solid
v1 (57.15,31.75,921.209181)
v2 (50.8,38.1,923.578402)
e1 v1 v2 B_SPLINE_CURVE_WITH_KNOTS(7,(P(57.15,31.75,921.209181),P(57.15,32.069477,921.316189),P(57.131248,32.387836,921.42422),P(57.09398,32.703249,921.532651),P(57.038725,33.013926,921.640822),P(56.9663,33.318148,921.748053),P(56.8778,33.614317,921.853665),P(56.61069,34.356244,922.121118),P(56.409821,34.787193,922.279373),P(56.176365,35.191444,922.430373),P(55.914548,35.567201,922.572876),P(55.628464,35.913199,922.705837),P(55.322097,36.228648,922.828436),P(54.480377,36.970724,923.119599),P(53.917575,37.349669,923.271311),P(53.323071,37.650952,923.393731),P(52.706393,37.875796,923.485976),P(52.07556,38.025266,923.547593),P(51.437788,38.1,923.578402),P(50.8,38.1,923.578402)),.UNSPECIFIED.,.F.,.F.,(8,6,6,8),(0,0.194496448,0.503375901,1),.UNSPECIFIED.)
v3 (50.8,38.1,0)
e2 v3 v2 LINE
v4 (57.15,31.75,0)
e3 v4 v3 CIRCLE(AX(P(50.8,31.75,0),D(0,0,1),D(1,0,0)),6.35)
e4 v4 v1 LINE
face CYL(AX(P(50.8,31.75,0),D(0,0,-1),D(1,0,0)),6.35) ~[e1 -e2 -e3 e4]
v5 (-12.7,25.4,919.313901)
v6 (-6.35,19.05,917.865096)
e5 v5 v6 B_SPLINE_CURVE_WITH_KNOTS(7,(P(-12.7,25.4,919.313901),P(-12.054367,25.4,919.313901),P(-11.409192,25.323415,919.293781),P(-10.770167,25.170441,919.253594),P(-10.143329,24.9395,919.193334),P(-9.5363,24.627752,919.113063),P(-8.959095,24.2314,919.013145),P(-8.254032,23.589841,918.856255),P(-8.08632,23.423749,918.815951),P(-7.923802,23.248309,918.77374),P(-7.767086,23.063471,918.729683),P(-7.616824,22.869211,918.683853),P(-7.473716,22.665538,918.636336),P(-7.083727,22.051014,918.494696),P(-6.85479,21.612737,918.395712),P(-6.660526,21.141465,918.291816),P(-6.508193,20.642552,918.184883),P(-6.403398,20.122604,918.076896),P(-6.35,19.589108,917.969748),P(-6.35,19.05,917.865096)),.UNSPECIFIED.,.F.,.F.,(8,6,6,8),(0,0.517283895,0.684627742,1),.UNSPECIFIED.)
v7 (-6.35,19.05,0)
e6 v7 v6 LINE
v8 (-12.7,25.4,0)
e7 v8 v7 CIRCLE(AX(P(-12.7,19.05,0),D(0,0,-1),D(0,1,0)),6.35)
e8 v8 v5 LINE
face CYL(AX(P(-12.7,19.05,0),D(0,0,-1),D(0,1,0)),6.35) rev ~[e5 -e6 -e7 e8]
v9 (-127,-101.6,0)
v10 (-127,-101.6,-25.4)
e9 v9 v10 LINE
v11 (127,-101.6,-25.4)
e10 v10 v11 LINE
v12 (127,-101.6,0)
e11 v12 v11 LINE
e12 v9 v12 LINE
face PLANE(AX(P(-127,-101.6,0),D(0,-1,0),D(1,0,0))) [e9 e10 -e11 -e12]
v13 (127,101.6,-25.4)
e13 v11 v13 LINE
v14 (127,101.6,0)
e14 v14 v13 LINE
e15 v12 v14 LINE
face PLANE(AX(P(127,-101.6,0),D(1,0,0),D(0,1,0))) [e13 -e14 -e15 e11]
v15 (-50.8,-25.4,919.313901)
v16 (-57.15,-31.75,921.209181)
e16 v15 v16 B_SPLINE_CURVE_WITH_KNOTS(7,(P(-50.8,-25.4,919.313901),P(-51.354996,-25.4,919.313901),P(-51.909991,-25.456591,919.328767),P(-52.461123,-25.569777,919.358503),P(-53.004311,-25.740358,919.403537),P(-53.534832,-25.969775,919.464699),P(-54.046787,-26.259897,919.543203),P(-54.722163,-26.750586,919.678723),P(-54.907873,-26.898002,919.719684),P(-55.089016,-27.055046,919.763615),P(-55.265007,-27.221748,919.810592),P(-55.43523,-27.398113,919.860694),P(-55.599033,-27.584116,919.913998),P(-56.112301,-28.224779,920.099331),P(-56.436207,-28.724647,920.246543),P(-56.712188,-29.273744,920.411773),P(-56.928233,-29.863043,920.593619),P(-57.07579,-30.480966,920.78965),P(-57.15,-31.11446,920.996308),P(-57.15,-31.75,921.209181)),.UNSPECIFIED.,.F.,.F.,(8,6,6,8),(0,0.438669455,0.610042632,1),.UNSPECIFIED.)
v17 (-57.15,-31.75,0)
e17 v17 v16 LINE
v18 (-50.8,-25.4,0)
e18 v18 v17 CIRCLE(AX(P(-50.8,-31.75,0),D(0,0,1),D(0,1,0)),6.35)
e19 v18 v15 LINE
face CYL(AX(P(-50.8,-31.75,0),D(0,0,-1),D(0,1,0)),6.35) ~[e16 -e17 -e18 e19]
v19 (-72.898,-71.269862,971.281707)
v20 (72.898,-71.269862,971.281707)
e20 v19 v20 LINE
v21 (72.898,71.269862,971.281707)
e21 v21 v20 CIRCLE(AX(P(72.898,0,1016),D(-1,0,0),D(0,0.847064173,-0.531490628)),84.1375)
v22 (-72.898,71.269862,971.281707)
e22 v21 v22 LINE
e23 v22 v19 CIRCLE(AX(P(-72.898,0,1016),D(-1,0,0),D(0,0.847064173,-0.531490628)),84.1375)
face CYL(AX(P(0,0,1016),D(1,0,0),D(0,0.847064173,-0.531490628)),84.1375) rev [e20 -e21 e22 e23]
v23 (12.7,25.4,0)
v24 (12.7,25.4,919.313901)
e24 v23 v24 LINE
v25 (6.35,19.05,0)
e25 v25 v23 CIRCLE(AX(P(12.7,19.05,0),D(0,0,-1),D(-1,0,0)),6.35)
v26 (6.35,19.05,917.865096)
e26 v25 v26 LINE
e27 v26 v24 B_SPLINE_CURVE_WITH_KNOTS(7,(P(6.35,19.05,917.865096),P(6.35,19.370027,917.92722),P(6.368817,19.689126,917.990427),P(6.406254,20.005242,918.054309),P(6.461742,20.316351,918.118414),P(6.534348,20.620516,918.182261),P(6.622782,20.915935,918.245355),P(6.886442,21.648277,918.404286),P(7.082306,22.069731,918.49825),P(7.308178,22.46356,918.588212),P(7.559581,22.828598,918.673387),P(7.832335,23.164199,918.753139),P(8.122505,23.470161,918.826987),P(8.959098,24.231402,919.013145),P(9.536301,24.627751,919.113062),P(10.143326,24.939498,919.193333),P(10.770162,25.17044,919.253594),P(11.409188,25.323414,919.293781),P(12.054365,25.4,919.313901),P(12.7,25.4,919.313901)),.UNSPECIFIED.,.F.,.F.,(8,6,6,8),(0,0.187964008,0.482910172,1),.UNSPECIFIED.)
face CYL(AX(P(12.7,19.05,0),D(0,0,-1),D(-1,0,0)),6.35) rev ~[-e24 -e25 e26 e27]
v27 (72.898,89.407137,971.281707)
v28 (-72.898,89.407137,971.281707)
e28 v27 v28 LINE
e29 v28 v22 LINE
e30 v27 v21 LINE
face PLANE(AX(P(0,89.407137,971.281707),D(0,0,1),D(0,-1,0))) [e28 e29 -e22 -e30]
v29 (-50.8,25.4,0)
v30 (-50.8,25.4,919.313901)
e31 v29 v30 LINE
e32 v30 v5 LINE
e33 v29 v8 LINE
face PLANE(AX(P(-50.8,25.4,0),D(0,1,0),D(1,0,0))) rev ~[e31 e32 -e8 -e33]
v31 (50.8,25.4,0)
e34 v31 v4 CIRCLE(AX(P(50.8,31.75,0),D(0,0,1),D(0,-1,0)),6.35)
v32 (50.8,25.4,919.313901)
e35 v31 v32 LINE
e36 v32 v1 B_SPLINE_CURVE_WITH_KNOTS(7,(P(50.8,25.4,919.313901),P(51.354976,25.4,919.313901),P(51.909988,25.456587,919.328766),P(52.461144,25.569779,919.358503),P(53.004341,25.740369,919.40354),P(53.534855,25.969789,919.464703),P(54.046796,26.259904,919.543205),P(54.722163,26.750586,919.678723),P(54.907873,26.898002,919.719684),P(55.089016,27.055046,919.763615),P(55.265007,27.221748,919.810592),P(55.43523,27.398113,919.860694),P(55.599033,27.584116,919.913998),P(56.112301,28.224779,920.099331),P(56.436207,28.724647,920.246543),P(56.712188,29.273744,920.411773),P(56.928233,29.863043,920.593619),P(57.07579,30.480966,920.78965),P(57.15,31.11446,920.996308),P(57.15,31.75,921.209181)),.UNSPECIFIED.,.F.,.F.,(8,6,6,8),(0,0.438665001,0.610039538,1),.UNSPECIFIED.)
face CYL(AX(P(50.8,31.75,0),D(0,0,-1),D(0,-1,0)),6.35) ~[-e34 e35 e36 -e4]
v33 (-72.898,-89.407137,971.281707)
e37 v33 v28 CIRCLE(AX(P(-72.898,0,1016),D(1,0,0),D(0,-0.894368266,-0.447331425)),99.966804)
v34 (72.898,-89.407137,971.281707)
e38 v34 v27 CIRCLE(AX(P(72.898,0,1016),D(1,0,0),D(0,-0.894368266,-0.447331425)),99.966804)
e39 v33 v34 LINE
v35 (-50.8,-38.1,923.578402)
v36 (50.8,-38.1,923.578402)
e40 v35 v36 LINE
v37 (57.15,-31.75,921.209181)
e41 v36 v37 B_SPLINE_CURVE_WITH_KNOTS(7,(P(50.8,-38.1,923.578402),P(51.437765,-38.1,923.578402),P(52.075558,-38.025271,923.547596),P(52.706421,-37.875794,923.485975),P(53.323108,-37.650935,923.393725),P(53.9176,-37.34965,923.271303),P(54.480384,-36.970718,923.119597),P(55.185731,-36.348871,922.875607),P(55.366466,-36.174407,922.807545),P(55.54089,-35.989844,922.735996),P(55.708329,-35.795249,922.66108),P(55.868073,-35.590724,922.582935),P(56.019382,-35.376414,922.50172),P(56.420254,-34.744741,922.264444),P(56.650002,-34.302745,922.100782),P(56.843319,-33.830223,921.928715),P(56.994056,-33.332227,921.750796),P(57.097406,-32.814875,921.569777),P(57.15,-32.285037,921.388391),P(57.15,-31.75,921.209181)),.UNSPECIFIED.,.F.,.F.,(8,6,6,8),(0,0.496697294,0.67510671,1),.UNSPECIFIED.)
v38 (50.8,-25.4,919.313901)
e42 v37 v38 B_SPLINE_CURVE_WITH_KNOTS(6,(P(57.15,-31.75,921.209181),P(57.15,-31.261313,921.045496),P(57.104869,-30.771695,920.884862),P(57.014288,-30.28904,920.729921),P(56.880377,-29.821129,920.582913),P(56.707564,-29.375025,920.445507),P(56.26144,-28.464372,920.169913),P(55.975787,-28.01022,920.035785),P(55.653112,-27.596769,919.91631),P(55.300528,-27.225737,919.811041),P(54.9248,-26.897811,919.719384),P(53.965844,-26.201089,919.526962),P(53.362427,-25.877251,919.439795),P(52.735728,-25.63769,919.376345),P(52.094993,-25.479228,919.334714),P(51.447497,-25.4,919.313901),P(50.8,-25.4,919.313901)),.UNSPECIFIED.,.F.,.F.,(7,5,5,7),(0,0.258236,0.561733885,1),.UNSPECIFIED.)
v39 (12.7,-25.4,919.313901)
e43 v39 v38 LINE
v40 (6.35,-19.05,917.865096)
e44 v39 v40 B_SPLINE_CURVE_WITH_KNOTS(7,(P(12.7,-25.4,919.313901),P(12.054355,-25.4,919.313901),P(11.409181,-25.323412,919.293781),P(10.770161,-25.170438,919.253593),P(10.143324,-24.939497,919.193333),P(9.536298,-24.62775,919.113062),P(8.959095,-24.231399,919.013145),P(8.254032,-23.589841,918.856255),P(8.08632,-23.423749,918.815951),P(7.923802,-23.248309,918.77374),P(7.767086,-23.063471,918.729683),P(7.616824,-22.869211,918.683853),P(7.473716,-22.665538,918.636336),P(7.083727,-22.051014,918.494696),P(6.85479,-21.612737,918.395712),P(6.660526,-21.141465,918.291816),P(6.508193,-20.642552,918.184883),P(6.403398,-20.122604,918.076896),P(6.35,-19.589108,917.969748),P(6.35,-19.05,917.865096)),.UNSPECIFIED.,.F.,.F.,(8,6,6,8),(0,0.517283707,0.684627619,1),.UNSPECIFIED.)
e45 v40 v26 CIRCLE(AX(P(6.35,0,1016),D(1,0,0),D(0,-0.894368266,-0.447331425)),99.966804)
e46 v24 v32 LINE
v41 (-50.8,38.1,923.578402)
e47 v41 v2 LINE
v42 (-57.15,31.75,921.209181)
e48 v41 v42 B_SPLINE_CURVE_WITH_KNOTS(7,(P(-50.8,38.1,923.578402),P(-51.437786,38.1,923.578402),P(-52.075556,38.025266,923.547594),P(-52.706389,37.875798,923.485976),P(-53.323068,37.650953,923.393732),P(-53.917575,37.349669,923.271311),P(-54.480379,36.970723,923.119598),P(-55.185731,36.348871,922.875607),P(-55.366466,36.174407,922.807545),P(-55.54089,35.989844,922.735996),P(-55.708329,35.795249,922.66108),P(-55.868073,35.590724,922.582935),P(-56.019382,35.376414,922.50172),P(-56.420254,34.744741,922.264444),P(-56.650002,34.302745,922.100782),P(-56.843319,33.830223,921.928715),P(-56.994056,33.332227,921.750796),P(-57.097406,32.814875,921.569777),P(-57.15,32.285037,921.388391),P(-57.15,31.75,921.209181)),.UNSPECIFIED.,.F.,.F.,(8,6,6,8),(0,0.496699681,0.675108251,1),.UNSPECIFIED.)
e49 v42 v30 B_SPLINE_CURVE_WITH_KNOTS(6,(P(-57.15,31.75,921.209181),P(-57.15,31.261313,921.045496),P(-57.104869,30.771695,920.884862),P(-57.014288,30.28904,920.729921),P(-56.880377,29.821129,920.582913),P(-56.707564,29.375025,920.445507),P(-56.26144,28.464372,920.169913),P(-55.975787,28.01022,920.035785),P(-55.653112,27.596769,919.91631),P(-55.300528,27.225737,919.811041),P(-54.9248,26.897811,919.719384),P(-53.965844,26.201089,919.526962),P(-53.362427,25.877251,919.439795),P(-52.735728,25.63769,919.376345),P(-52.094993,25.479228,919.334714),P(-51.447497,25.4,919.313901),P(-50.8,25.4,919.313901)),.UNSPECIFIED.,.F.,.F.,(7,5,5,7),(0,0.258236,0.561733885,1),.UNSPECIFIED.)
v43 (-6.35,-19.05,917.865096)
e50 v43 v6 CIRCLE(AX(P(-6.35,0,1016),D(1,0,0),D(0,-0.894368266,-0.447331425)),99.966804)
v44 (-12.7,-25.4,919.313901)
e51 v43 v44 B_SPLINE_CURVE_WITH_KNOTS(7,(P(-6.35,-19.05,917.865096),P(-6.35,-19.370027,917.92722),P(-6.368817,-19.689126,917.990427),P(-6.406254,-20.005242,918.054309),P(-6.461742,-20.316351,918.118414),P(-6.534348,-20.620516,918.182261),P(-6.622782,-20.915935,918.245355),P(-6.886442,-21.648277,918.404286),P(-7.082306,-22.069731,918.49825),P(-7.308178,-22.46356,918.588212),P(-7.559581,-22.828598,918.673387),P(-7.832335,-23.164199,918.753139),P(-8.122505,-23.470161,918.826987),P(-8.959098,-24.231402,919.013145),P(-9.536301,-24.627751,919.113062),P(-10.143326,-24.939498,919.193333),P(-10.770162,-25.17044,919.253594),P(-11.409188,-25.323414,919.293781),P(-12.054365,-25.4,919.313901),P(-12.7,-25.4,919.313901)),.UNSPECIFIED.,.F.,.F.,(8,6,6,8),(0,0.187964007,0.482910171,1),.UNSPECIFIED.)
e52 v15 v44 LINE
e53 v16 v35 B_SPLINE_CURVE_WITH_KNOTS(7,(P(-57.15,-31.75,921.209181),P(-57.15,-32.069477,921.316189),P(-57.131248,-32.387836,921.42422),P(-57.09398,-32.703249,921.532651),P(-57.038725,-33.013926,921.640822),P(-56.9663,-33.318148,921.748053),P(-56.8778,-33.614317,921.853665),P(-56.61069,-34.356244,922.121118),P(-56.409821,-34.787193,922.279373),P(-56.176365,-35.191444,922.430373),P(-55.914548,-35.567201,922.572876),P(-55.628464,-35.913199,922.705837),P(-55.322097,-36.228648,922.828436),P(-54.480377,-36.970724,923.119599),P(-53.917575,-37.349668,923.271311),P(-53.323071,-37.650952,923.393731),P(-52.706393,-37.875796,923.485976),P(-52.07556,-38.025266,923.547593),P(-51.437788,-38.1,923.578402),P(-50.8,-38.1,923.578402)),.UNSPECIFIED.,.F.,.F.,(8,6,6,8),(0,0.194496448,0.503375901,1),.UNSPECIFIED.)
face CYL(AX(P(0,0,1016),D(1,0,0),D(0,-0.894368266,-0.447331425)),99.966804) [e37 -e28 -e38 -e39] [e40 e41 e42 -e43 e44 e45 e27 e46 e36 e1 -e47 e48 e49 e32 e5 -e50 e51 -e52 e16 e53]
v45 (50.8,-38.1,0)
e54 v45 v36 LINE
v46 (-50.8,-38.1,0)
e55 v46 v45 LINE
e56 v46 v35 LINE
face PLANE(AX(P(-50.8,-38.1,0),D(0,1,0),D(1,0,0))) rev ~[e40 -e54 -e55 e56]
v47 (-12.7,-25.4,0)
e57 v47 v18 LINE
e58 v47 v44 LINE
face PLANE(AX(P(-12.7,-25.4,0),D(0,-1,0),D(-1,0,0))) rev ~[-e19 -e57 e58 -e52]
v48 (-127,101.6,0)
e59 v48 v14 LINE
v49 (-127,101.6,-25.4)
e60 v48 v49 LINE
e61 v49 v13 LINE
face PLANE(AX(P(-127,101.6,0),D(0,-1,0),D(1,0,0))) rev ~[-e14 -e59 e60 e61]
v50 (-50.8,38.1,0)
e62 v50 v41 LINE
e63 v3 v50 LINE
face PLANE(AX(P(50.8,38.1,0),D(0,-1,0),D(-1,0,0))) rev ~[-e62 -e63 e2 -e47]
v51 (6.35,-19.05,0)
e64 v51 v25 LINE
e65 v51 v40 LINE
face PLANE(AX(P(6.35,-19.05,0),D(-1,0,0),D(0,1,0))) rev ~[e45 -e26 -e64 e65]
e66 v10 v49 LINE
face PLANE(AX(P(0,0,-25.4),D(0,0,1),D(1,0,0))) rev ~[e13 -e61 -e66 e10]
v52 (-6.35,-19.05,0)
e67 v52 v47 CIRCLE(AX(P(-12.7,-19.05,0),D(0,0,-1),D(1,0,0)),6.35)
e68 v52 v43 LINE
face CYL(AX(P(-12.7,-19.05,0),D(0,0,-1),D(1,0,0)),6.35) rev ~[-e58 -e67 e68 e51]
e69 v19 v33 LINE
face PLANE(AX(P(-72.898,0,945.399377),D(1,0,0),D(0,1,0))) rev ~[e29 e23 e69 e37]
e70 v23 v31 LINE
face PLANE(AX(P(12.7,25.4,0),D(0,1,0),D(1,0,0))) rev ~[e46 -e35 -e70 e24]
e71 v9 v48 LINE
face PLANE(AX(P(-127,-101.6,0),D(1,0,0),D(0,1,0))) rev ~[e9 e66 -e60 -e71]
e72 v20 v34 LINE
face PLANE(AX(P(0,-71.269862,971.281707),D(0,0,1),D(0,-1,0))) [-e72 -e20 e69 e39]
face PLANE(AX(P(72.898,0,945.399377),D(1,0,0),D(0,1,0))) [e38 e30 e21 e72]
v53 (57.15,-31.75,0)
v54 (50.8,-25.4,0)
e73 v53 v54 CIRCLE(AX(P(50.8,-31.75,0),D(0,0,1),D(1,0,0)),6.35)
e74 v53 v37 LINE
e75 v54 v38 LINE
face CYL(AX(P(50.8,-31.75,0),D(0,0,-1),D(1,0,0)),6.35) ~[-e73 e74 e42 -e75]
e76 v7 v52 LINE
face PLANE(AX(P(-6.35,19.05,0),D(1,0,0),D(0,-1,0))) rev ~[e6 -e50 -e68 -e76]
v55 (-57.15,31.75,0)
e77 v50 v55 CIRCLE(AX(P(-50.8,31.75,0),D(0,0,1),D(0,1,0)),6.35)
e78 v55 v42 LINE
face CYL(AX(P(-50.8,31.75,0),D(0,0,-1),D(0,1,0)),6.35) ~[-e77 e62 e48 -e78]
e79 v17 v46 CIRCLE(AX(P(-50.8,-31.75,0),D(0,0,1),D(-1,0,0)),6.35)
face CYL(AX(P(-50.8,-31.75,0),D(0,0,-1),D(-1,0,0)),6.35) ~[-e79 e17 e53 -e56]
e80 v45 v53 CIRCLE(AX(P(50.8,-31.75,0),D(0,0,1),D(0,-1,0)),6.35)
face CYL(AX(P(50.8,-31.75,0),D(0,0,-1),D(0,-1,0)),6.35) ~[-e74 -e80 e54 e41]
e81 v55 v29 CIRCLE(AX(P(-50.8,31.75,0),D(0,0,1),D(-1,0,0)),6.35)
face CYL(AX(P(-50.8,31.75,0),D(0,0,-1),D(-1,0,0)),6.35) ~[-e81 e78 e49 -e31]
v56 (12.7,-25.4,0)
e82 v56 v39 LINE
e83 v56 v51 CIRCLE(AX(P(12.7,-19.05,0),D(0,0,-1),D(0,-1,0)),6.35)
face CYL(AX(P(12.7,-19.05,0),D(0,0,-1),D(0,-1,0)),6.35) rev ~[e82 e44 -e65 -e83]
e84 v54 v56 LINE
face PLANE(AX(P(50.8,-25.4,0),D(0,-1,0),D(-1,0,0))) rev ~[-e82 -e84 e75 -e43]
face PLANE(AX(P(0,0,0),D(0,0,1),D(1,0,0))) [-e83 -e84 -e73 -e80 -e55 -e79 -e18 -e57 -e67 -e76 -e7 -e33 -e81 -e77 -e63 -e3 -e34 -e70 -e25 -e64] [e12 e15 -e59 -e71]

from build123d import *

# Parameters (mm, degrees)
F1_W     = 254
F1_H     = 203.2
F2_DEPTH = 25.4
F3_DEPTH = 1019.048
F5_DEPTH = 103.124
F6_DEPTH = 72.898


with BuildPart() as f2:
    # F1 (on Top) → F2 (new body)
    with BuildSketch(Plane.XY):
        Rectangle(F1_W, F1_H)
    extrude(amount=-F2_DEPTH)

    # F0 (on Top) → F3 (join)
    with BuildSketch(Plane.XY):
        with BuildLine():
            ThreePointArc((57.15, 31.75), (55.2901280605, 36.2401280605), (50.8, 38.1))
            Line((50.8, 38.1), (-50.8, 38.1))
            ThreePointArc((-50.8, 38.1), (-55.2901280605, 36.2401280605), (-57.15, 31.75))
            ThreePointArc((-57.15, 31.75), (-55.2901280605, 27.2598719395), (-50.8, 25.4))
            Line((-50.8, 25.4), (-12.7, 25.4))
            ThreePointArc((-12.7, 25.4), (-8.2098719395, 23.5401280605), (-6.35, 19.05))
            Line((-6.35, 19.05), (-6.35, -19.05))
            ThreePointArc((-6.35, -19.05), (-8.2098719395, -23.5401280605), (-12.7, -25.4))
            Line((-12.7, -25.4), (-50.8, -25.4))
            ThreePointArc((-50.8, -25.4), (-55.2901280605, -27.2598719395), (-57.15, -31.75))
            ThreePointArc((-57.15, -31.75), (-55.2901280605, -36.2401280605), (-50.8, -38.1))
            Line((-50.8, -38.1), (50.8, -38.1))
            ThreePointArc((50.8, -38.1), (55.2901280605, -36.2401280605), (57.15, -31.75))
            ThreePointArc((57.15, -31.75), (55.2901280605, -27.2598719395), (50.8, -25.4))
            Line((50.8, -25.4), (12.7, -25.4))
            ThreePointArc((12.7, -25.4), (8.2098719395, -23.5401280605), (6.35, -19.05))
            Line((6.35, -19.05), (6.35, 19.05))
            ThreePointArc((6.35, 19.05), (8.2098719395, 23.5401280605), (12.7, 25.4))
            Line((12.7, 25.4), (50.8, 25.4))
            ThreePointArc((50.8, 25.4), (55.2901280605, 27.2598719395), (57.15, 31.75))
        make_face()
    extrude(amount=F3_DEPTH)

    # F4 (on Right) → F5 (cut, symmetric)
    with BuildSketch(Plane.YZ):
        with BuildLine():
            ThreePointArc((71.2698618146, 971.2817072868), (80.8566228106, 992.7335981743), (84.1375, 1016))
            ThreePointArc((84.1375, 1016), (-23.2664018257, 1096.8566228106), (-71.2698618146, 971.2817072868))
            ThreePointArc((-71.2698618146, 971.2817072868), (0, 931.8625), (71.2698618146, 971.2817072868))
        make_face()
    extrude(amount=F5_DEPTH, both=True, mode=Mode.SUBTRACT)

    # F4 (on Right) → F6 (join, symmetric)
    with BuildSketch(Plane.YZ):
        with BuildLine():
            ThreePointArc((71.2698618146, 971.2817072868), (0, 931.8625), (-71.2698618146, 971.2817072868))
            Line((-71.2698618146, 971.2817072868), (-89.4071367489, 971.2817072868))
            ThreePointArc((-89.4071367489, 971.2817072868), (0, 916.0331964859), (89.4071367489, 971.2817072868))
            Line((89.4071367489, 971.2817072868), (71.2698618146, 971.2817072868))
        make_face()
    extrude(amount=F6_DEPTH, both=True)


solid = f2.part
